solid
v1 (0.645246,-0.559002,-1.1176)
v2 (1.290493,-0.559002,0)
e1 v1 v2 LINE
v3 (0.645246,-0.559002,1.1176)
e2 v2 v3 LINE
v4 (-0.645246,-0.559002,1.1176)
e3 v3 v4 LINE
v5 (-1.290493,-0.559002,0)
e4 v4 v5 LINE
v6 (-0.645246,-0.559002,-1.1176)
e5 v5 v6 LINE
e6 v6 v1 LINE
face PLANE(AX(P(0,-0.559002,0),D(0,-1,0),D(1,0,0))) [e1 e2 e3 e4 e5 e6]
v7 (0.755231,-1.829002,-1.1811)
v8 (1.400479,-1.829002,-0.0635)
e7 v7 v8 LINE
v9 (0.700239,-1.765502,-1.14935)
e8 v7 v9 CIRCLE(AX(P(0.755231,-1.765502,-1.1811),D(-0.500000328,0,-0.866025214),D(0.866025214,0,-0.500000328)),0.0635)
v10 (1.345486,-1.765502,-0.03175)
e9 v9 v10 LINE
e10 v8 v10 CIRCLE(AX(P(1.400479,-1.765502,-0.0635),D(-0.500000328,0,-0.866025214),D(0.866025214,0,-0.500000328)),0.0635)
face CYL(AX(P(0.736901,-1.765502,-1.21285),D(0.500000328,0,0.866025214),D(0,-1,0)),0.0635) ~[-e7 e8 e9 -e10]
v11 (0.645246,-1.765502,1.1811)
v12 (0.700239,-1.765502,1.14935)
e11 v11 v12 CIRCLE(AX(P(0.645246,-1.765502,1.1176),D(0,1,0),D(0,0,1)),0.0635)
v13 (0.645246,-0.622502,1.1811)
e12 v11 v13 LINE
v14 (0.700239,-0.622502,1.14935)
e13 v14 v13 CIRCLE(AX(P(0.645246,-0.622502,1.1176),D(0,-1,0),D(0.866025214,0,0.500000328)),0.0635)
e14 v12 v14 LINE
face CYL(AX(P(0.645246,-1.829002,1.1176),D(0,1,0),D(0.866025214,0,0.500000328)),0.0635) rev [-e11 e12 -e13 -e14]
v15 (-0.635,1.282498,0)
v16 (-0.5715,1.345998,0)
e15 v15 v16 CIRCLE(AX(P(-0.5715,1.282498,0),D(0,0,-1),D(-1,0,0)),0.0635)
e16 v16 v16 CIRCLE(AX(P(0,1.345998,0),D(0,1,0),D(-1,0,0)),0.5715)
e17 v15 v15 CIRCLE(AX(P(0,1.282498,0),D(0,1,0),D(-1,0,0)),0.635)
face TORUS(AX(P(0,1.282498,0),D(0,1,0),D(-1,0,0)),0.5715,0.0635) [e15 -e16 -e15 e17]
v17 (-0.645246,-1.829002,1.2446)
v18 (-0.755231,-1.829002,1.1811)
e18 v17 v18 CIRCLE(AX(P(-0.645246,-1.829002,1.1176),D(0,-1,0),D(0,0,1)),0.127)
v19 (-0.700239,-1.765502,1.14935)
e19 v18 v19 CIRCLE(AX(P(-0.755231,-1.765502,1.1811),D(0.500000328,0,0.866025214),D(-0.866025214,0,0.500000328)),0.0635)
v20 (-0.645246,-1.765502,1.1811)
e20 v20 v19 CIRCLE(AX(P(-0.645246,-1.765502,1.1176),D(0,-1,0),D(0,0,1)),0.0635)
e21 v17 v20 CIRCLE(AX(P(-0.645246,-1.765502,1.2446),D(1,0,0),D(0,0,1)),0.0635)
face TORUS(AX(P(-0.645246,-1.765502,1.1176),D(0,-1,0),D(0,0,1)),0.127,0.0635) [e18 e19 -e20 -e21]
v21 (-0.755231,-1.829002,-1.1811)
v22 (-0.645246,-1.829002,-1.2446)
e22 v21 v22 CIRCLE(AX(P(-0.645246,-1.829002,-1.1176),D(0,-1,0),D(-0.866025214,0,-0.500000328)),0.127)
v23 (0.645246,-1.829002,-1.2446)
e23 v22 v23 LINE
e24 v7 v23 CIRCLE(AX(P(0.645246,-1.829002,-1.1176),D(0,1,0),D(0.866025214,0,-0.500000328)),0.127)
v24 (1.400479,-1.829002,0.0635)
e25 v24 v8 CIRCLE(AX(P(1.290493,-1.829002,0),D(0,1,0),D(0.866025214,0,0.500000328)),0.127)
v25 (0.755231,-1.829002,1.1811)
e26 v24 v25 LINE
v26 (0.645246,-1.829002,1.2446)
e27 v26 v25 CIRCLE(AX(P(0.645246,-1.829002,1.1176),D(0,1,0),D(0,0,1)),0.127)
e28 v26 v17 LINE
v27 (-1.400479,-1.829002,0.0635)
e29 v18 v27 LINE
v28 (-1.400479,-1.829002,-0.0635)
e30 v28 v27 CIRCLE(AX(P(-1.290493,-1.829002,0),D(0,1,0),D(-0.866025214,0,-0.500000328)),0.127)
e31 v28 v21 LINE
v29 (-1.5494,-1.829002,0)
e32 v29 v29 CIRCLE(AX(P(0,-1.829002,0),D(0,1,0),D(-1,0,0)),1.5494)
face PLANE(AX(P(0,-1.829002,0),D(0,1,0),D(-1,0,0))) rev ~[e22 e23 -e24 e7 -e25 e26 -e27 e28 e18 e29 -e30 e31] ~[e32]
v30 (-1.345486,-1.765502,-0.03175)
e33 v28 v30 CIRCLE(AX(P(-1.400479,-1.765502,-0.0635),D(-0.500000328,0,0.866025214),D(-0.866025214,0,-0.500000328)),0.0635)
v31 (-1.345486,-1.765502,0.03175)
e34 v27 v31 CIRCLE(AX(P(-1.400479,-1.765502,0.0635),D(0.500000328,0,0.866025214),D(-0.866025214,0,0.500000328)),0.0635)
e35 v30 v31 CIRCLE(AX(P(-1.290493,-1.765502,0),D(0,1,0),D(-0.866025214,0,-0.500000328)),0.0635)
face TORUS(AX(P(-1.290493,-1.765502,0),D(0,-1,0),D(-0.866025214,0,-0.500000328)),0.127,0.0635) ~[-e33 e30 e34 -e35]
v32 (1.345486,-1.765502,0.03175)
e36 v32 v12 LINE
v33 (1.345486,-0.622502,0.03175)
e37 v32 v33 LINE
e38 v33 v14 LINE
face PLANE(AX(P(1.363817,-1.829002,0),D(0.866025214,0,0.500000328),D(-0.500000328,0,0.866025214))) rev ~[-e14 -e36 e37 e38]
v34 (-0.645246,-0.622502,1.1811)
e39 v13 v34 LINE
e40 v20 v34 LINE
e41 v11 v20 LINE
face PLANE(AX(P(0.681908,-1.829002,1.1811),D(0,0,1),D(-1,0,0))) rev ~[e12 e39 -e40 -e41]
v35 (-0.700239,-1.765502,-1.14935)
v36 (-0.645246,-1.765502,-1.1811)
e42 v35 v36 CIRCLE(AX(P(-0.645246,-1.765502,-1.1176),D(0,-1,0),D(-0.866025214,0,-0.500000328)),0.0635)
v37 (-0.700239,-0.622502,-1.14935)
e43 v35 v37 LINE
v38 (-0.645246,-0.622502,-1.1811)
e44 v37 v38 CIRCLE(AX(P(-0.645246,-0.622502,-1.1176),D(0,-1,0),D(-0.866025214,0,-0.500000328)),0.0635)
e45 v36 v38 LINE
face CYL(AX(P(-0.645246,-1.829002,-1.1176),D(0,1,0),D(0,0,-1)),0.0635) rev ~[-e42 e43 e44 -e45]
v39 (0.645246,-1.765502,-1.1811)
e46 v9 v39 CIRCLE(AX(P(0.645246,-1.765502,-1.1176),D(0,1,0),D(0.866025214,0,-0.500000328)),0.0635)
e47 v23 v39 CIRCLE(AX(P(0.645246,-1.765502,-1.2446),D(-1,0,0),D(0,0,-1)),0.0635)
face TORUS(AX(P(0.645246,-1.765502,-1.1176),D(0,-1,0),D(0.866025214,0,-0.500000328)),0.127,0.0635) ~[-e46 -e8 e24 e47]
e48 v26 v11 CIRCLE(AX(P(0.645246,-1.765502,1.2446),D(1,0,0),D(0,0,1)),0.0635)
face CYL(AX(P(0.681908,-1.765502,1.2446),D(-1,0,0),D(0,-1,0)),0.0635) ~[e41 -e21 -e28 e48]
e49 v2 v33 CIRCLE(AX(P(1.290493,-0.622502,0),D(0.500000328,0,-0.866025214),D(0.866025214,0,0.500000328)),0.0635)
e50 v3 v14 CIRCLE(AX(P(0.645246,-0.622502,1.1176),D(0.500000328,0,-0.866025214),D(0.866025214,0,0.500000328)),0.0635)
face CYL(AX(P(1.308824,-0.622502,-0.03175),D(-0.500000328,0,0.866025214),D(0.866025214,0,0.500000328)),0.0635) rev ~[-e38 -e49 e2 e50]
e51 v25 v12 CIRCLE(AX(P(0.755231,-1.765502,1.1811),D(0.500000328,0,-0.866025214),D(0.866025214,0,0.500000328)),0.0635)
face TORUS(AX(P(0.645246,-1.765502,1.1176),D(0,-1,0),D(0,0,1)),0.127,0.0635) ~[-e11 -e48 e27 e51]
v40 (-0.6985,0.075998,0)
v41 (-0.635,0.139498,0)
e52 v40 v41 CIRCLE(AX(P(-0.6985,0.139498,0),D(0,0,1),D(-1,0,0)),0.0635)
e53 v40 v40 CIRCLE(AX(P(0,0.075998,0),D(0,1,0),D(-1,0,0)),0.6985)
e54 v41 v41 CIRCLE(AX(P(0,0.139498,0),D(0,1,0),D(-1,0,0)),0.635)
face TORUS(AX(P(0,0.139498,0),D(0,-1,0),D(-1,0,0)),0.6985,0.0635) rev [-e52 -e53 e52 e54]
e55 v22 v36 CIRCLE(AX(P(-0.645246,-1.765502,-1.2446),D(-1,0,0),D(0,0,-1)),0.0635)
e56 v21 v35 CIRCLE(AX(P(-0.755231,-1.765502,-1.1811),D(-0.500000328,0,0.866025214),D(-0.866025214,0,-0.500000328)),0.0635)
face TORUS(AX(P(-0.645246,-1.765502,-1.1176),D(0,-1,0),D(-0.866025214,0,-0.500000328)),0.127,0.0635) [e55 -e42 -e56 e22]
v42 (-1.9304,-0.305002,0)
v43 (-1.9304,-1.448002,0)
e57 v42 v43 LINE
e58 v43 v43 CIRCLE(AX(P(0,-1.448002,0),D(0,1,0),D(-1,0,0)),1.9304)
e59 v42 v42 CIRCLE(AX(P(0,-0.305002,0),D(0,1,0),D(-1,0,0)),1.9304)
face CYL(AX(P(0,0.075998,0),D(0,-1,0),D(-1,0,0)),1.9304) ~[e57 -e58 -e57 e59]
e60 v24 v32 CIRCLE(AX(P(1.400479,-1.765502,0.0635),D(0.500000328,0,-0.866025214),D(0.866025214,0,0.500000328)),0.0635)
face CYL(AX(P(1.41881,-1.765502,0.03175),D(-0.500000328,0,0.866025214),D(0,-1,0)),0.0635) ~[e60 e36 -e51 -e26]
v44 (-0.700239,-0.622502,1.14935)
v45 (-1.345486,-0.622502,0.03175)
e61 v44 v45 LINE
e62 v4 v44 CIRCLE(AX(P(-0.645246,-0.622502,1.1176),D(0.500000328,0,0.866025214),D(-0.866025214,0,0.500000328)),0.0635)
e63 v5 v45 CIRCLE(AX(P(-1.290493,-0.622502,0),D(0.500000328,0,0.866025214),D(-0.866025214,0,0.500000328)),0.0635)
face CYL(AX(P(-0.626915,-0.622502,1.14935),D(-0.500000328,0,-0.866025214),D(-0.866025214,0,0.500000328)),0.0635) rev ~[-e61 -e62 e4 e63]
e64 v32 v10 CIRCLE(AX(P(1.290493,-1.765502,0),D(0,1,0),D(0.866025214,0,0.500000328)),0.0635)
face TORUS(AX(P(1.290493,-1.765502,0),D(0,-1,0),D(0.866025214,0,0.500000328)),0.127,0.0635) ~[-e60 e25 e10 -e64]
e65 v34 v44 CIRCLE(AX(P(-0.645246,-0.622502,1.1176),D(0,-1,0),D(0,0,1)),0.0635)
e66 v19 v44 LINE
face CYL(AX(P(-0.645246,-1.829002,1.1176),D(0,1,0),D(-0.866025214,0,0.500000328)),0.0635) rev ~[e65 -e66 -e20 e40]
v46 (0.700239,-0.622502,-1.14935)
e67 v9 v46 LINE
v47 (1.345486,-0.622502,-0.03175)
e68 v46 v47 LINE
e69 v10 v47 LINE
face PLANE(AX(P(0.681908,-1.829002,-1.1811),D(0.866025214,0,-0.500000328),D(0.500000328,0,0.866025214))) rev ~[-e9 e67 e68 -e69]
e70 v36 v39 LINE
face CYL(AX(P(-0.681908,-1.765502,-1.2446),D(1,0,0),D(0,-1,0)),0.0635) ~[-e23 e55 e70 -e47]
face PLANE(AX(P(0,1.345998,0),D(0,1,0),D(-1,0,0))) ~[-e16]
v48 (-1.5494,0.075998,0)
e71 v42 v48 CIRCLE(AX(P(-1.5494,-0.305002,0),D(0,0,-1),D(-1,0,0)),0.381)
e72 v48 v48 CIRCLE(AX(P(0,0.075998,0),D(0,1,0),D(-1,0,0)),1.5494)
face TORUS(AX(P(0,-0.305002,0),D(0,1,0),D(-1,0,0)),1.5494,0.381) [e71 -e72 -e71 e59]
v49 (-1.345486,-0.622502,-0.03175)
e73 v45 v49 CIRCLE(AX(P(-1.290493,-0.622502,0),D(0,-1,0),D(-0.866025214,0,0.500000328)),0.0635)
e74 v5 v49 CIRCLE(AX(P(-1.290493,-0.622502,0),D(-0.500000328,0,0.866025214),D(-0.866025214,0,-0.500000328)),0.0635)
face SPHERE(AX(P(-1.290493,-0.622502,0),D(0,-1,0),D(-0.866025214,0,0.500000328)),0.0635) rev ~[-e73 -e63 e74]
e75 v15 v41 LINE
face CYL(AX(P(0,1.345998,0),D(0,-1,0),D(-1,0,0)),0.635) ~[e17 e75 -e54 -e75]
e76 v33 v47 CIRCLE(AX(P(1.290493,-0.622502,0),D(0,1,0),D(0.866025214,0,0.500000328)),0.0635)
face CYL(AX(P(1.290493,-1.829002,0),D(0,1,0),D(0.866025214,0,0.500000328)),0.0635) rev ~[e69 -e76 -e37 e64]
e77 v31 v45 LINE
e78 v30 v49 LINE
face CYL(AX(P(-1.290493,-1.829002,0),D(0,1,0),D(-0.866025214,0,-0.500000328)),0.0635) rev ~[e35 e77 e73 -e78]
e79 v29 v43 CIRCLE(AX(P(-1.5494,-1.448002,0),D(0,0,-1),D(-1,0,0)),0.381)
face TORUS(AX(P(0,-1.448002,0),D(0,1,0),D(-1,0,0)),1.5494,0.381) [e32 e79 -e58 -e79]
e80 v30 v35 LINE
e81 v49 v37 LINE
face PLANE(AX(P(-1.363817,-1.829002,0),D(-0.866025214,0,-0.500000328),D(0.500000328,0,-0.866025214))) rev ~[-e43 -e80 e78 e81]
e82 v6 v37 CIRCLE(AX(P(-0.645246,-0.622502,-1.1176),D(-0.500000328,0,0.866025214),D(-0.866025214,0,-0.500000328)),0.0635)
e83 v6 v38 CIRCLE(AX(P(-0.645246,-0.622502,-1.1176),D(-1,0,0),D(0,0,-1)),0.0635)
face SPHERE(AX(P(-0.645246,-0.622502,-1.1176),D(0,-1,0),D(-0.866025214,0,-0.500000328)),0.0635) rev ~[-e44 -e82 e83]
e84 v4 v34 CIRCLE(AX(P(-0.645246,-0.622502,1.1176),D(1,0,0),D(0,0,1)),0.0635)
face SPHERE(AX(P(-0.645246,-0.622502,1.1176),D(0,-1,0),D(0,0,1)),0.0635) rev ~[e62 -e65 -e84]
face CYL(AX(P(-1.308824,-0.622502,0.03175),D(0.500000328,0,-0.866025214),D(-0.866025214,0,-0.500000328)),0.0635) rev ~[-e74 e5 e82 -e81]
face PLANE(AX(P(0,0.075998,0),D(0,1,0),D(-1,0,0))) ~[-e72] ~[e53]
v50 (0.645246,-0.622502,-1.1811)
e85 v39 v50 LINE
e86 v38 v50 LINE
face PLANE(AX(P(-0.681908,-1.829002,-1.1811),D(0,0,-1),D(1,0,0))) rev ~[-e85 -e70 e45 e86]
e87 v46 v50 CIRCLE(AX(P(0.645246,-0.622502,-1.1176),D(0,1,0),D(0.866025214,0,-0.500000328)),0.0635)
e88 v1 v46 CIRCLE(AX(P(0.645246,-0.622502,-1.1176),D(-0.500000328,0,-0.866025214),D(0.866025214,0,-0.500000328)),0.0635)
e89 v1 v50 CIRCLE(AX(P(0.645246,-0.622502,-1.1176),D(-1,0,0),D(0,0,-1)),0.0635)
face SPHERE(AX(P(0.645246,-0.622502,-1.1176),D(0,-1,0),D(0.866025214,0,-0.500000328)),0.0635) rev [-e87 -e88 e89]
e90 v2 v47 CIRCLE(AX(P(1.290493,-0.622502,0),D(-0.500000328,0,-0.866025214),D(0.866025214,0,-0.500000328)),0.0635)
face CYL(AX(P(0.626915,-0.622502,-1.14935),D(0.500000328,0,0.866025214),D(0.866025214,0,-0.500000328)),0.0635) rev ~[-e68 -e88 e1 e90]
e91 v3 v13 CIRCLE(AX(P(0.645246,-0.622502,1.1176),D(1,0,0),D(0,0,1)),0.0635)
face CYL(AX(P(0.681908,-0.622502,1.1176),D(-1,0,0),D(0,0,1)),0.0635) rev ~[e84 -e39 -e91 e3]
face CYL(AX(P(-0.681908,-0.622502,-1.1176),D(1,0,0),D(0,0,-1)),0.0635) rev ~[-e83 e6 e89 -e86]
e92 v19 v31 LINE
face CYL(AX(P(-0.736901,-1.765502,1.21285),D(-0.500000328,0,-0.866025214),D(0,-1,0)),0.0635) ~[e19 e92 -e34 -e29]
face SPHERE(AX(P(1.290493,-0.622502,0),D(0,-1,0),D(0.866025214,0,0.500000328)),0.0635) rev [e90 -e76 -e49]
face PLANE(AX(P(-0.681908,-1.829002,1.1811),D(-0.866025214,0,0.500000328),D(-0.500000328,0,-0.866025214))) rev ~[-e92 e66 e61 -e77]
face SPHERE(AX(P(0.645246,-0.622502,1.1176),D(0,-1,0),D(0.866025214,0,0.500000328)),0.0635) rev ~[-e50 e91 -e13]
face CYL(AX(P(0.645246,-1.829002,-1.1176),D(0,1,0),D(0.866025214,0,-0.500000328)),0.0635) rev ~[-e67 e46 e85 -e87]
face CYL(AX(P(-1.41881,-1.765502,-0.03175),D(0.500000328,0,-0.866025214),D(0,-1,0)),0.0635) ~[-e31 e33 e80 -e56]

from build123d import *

# Parameters (mm, degrees)
F3_DEPTH = 1.27
F4_R     = 0.381
F5_R     = 0.0635


with BuildPart() as f1:
    # F0 (on Top) → F1 (revolve)
    with BuildSketch(Plane.XY):
        Polygon((-1.9304, -1.829002), (0, -1.829002), (0, 1.345998), (-0.635, 1.345998), (-0.635, 0.075998), (-1.9304, 0.075998), align=None)
    revolve(axis=Axis((0, -0.241502, 0), (0, 1, 0)))

    # F2 (on face) → F3 (cut)
    with BuildSketch(Plane.XZ.offset(1.829002)):
        Polygon((0.681908, 1.1811), (-0.681908, 1.1811), (-1.363817, 0), (-0.681908, -1.1811), (0.681908, -1.1811), (1.363817, 0), align=None)
    extrude(amount=-F3_DEPTH, mode=Mode.SUBTRACT)

    # F4
    f4_edges = [f1.edges().sort_by_distance(p)[0] for p in [
        (1.9304, -1.829002, 0),
        (1.9304, 0.075998, 0),
    ]]
    fillet(f4_edges, radius=F4_R)

    # F5
    f5_edges = [f1.edges().sort_by_distance(p)[0] for p in [
        (0, -1.829002, 1.1811),
        (1.022863, -1.829002, 0.59055),
        (1.022863, -1.829002, -0.59055),
        (-1.022863, -1.829002, -0.59055),
        (-1.022863, -1.829002, 0.59055),
        (1.022863, -0.559002, 0.59055),
        (1.022863, -0.559002, -0.59055),
        (0, -0.559002, 1.1811),
        (-1.022863, -0.559002, 0.59055),
        (-1.022863, -0.559002, -0.59055),
        (0, -0.559002, -1.1811),
        (0, -1.829002, -1.1811),
        (0.681908, -1.194002, 1.1811),
        (-0.681908, -1.194002, 1.1811),
        (-1.363817, -1.194002, 0),
        (-0.681908, -1.194002, -1.1811),
        (0.681908, -1.194002, -1.1811),
        (1.363817, -1.194002, 0),
        (0.635, 0.075998, 0),
        (0.635, 1.345998, 0),
    ]]
    fillet(f5_edges, radius=F5_R)


solid = f1.part
